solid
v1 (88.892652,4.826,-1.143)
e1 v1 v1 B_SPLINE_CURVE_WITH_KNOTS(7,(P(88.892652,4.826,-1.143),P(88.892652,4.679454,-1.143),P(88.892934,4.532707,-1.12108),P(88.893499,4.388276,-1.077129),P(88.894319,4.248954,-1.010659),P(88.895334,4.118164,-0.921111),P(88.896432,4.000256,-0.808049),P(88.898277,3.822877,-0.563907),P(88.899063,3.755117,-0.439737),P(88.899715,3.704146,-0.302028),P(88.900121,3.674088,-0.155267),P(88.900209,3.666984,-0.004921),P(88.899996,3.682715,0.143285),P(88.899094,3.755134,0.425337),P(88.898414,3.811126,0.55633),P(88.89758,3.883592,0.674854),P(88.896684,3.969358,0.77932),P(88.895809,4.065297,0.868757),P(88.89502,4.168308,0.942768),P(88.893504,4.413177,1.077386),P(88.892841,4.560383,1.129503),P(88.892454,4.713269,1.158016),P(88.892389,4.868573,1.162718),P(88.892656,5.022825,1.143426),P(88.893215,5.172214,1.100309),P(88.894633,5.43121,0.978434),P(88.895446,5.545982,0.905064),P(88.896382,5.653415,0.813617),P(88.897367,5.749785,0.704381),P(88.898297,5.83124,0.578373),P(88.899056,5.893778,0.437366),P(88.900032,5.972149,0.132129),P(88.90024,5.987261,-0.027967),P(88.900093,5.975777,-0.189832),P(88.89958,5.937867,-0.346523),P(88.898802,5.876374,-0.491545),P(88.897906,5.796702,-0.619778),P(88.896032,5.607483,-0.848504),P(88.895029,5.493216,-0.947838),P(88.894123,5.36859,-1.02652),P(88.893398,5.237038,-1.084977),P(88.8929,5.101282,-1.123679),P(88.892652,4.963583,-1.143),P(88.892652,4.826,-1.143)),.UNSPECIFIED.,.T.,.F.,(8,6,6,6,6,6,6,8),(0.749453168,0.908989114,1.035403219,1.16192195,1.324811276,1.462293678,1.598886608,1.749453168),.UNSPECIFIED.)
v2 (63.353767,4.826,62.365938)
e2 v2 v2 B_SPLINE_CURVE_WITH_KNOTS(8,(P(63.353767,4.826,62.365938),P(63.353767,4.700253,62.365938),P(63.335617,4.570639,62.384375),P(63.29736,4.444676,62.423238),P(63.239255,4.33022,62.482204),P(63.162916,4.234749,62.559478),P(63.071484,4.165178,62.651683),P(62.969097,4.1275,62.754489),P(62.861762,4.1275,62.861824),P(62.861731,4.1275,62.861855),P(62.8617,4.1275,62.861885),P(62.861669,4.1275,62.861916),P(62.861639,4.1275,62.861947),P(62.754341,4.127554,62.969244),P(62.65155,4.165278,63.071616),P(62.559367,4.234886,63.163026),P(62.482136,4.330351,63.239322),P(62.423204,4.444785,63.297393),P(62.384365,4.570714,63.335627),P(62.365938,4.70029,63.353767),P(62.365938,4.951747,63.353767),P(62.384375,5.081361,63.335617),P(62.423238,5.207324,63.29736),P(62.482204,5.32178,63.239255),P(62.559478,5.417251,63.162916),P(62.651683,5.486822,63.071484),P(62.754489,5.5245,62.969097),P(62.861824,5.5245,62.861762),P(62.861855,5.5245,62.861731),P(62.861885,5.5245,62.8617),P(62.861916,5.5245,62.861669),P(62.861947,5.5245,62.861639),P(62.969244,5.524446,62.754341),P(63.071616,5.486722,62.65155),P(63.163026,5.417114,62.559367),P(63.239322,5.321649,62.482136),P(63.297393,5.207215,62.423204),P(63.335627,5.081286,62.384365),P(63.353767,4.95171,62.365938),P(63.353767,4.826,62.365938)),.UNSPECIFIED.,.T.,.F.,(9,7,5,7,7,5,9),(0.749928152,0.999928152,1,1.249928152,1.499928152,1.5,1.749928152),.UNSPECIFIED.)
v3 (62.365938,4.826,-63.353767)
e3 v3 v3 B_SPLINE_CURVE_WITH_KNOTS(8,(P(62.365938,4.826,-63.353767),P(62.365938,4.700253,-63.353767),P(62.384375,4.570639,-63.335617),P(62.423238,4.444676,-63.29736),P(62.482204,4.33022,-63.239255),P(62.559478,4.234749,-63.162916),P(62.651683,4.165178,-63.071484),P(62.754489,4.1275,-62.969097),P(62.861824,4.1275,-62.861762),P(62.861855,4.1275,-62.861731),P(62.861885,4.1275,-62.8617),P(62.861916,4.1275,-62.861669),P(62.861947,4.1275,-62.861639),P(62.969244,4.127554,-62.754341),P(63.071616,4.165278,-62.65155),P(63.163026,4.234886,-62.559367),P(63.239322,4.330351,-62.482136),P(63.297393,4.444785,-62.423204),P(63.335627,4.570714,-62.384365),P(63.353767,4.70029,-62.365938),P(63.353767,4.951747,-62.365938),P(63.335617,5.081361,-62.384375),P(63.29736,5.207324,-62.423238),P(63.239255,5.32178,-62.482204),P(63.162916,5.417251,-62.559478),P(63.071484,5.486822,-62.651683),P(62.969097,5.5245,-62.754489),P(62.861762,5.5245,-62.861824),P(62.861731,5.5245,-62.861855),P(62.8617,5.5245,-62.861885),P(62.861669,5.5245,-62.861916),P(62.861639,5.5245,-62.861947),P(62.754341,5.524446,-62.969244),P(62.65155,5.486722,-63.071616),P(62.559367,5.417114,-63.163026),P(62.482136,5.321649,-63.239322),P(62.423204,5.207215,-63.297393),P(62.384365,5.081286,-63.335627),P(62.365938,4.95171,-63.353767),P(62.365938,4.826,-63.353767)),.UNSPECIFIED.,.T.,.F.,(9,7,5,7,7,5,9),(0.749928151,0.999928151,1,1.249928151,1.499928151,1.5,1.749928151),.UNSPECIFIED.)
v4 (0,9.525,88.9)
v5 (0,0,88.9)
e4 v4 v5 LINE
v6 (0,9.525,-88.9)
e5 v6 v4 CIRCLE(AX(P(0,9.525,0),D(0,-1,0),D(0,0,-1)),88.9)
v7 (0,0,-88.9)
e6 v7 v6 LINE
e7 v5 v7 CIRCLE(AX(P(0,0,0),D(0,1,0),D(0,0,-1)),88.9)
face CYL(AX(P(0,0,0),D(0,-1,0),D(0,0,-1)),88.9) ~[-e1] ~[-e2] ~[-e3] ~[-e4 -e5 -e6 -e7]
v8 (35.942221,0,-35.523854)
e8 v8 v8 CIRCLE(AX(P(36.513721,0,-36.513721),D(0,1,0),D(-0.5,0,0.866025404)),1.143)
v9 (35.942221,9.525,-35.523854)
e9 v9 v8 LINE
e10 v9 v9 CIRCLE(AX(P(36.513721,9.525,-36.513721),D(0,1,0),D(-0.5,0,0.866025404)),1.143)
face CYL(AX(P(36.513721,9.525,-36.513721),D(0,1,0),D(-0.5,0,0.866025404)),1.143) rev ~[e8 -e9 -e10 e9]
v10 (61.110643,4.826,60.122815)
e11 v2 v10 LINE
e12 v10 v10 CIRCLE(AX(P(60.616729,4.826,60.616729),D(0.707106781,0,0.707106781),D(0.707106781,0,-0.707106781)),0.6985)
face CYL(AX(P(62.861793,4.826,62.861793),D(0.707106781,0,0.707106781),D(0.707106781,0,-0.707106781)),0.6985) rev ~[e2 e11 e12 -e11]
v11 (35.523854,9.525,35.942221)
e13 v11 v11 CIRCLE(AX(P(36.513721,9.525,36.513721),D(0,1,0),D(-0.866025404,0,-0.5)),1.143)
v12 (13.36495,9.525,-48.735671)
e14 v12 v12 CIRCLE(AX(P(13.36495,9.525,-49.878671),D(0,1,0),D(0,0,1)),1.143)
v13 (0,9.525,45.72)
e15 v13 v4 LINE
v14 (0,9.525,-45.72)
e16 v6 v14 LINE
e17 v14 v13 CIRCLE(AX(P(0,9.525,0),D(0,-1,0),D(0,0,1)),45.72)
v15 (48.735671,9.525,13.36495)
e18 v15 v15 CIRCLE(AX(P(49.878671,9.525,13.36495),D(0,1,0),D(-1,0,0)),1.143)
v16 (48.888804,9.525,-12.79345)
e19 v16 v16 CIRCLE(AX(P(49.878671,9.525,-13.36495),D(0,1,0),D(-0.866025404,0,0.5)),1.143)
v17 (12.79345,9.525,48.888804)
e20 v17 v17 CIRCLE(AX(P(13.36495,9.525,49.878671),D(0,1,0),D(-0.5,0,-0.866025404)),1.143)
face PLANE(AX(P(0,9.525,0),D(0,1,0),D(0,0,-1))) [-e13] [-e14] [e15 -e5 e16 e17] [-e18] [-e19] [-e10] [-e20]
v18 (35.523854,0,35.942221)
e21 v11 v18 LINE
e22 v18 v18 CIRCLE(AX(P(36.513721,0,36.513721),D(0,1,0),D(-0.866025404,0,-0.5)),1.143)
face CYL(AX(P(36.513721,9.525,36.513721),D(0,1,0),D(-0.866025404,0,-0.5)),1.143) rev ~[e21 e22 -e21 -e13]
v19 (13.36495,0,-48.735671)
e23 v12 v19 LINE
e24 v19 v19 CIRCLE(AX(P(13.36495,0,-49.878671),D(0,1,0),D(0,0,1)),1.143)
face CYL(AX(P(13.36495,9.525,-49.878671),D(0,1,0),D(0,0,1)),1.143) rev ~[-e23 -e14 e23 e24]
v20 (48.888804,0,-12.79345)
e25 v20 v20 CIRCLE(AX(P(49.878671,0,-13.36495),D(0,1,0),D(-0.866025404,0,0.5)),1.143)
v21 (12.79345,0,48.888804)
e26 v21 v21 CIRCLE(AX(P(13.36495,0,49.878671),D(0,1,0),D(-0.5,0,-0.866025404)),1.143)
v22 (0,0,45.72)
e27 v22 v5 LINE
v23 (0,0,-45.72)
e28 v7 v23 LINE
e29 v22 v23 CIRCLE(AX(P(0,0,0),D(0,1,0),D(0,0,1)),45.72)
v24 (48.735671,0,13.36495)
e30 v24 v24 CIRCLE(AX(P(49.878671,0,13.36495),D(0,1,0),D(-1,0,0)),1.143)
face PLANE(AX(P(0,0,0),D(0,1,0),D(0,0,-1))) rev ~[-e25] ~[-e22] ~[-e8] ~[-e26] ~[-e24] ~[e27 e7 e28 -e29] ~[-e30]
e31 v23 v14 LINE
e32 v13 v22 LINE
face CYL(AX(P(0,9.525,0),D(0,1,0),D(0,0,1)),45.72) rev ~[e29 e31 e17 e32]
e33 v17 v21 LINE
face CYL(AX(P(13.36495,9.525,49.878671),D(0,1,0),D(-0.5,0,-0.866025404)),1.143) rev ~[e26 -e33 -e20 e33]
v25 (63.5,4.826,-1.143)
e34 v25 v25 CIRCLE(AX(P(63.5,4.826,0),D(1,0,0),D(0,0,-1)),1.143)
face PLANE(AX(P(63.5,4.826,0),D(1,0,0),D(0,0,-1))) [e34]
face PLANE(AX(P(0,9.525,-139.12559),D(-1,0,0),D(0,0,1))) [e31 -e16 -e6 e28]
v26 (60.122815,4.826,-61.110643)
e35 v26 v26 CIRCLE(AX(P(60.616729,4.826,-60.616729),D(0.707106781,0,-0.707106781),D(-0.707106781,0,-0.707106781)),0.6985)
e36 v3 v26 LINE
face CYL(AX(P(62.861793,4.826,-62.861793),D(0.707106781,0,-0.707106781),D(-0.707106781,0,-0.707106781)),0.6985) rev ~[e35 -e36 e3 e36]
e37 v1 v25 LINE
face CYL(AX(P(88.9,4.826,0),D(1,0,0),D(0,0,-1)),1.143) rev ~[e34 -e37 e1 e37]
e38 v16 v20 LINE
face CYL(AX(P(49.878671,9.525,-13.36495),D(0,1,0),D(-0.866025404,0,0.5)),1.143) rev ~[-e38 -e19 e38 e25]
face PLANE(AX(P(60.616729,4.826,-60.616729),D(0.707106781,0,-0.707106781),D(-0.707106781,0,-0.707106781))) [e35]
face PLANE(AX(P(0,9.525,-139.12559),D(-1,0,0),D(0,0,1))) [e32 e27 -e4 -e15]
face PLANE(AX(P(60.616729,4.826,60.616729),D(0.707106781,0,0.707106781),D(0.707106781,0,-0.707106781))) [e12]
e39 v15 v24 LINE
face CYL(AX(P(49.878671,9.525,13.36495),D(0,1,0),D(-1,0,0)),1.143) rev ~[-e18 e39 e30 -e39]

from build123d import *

# Parameters (mm, degrees)
SKETCH1_R               = 88.9
BOSS_EXTRUDE1_DEPTH     = 9.525
SKETCH2_R               = 45.72
CUT_EXTRUDE1_DEPTH      = 12.7
SKETCH3_R               = 1.143
CUT_EXTRUDE2_DEPTH      = 12.7
CUT_EXTRUDE3_DEPTH      = 127.083883288
CUT_EXTRUDE3_DEPTH_BACK = 127.083883288
CIRPATTERN1_COUNT       = 12
SKETCH6_R               = 1.143
CUT_EXTRUDE4_DEPTH      = 25.4
SKETCH7_R               = 0.6985
CUT_EXTRUDE5_DEPTH      = 3.175
CIRPATTERN2_COUNT       = 4


with BuildPart() as part:
    # Sketch1 → Boss-Extrude1 (new body)
    with BuildSketch(Plane(origin=(0, 0, 0), x_dir=(1, 0, 0), z_dir=(0, 1, 0))):
        with Locations(Location((0, 0, 0), (0, 0, 90))):
            Circle(SKETCH1_R)
    extrude(amount=BOSS_EXTRUDE1_DEPTH)

    # Sketch2 → Cut-Extrude1 (cut)
    with BuildSketch(Plane(origin=(0, 9.525, 0), x_dir=(1, 0, 0), z_dir=(0, 1, 0))):
        with Locations(Location((0, 0, 0), (0, 0, 270))):
            Circle(SKETCH2_R)
    extrude(amount=-CUT_EXTRUDE1_DEPTH, mode=Mode.SUBTRACT)

    # Sketch3 → Cut-Extrude2 (cut)
    with BuildSketch(Plane(origin=(0, 9.525, 0), x_dir=(1, 0, 0), z_dir=(0, 1, 0))):
        with Locations(Location((13.364949615, 49.878671003, 0), (0, 0, 270))):
            Circle(SKETCH3_R)
    cut_extrude2 = extrude(amount=-CUT_EXTRUDE2_DEPTH, mode=Mode.SUBTRACT)

    # Sketch5 → Cut-Extrude3 (cut, two sides)
    with BuildSketch(Plane(origin=(0, 9.525, 0), x_dir=(1, 0, 0), z_dir=(0, 1, 0))) as cut_extrude3_sk:
        Polygon((0, 139.125590331), (0, -130.538836117), (-200.055019192, 4.293377107), align=None)
    extrude(amount=CUT_EXTRUDE3_DEPTH, mode=Mode.SUBTRACT)
    extrude(cut_extrude3_sk.sketch, amount=-CUT_EXTRUDE3_DEPTH_BACK, mode=Mode.SUBTRACT)

    # CirPattern1: Cut-Extrude2 ×12 about axis
    cirpattern1_axis = Axis((0, 9.525, 0), (0, 1, 0))
    for i in range(1, CIRPATTERN1_COUNT):
        add(cut_extrude2.rotate(cirpattern1_axis, i * 360 / CIRPATTERN1_COUNT), mode=Mode.SUBTRACT)

    # Sketch6 → Cut-Extrude4 (cut)
    with BuildSketch(Plane(origin=(88.9, 0, 0), x_dir=(0, 0, -1), z_dir=(1, 0, 0))):
        with Locations((0, 4.826)):
            Circle(SKETCH6_R)
    extrude(amount=-CUT_EXTRUDE4_DEPTH, mode=Mode.SUBTRACT)

    # Sketch7 → Cut-Extrude5 (cut)
    with BuildSketch(Plane(origin=(62.861792847, 0, 62.861792847), x_dir=(0, -1, 0), z_dir=(0.7071067811865464, 0, 0.7071067811865488))):
        with Locations(Location((-4.826, 0, 0), (0, 0, 90))):
            Circle(SKETCH7_R)
    cut_extrude5 = extrude(amount=-CUT_EXTRUDE5_DEPTH, mode=Mode.SUBTRACT)

    # CirPattern2: Cut-Extrude5 ×4 about axis
    cirpattern2_axis = Axis((0, 9.525, 0), (0, 1, 0))
    for i in range(1, CIRPATTERN2_COUNT):
        add(cut_extrude5.rotate(cirpattern2_axis, i * 360 / CIRPATTERN2_COUNT), mode=Mode.SUBTRACT)


solid = part.part
